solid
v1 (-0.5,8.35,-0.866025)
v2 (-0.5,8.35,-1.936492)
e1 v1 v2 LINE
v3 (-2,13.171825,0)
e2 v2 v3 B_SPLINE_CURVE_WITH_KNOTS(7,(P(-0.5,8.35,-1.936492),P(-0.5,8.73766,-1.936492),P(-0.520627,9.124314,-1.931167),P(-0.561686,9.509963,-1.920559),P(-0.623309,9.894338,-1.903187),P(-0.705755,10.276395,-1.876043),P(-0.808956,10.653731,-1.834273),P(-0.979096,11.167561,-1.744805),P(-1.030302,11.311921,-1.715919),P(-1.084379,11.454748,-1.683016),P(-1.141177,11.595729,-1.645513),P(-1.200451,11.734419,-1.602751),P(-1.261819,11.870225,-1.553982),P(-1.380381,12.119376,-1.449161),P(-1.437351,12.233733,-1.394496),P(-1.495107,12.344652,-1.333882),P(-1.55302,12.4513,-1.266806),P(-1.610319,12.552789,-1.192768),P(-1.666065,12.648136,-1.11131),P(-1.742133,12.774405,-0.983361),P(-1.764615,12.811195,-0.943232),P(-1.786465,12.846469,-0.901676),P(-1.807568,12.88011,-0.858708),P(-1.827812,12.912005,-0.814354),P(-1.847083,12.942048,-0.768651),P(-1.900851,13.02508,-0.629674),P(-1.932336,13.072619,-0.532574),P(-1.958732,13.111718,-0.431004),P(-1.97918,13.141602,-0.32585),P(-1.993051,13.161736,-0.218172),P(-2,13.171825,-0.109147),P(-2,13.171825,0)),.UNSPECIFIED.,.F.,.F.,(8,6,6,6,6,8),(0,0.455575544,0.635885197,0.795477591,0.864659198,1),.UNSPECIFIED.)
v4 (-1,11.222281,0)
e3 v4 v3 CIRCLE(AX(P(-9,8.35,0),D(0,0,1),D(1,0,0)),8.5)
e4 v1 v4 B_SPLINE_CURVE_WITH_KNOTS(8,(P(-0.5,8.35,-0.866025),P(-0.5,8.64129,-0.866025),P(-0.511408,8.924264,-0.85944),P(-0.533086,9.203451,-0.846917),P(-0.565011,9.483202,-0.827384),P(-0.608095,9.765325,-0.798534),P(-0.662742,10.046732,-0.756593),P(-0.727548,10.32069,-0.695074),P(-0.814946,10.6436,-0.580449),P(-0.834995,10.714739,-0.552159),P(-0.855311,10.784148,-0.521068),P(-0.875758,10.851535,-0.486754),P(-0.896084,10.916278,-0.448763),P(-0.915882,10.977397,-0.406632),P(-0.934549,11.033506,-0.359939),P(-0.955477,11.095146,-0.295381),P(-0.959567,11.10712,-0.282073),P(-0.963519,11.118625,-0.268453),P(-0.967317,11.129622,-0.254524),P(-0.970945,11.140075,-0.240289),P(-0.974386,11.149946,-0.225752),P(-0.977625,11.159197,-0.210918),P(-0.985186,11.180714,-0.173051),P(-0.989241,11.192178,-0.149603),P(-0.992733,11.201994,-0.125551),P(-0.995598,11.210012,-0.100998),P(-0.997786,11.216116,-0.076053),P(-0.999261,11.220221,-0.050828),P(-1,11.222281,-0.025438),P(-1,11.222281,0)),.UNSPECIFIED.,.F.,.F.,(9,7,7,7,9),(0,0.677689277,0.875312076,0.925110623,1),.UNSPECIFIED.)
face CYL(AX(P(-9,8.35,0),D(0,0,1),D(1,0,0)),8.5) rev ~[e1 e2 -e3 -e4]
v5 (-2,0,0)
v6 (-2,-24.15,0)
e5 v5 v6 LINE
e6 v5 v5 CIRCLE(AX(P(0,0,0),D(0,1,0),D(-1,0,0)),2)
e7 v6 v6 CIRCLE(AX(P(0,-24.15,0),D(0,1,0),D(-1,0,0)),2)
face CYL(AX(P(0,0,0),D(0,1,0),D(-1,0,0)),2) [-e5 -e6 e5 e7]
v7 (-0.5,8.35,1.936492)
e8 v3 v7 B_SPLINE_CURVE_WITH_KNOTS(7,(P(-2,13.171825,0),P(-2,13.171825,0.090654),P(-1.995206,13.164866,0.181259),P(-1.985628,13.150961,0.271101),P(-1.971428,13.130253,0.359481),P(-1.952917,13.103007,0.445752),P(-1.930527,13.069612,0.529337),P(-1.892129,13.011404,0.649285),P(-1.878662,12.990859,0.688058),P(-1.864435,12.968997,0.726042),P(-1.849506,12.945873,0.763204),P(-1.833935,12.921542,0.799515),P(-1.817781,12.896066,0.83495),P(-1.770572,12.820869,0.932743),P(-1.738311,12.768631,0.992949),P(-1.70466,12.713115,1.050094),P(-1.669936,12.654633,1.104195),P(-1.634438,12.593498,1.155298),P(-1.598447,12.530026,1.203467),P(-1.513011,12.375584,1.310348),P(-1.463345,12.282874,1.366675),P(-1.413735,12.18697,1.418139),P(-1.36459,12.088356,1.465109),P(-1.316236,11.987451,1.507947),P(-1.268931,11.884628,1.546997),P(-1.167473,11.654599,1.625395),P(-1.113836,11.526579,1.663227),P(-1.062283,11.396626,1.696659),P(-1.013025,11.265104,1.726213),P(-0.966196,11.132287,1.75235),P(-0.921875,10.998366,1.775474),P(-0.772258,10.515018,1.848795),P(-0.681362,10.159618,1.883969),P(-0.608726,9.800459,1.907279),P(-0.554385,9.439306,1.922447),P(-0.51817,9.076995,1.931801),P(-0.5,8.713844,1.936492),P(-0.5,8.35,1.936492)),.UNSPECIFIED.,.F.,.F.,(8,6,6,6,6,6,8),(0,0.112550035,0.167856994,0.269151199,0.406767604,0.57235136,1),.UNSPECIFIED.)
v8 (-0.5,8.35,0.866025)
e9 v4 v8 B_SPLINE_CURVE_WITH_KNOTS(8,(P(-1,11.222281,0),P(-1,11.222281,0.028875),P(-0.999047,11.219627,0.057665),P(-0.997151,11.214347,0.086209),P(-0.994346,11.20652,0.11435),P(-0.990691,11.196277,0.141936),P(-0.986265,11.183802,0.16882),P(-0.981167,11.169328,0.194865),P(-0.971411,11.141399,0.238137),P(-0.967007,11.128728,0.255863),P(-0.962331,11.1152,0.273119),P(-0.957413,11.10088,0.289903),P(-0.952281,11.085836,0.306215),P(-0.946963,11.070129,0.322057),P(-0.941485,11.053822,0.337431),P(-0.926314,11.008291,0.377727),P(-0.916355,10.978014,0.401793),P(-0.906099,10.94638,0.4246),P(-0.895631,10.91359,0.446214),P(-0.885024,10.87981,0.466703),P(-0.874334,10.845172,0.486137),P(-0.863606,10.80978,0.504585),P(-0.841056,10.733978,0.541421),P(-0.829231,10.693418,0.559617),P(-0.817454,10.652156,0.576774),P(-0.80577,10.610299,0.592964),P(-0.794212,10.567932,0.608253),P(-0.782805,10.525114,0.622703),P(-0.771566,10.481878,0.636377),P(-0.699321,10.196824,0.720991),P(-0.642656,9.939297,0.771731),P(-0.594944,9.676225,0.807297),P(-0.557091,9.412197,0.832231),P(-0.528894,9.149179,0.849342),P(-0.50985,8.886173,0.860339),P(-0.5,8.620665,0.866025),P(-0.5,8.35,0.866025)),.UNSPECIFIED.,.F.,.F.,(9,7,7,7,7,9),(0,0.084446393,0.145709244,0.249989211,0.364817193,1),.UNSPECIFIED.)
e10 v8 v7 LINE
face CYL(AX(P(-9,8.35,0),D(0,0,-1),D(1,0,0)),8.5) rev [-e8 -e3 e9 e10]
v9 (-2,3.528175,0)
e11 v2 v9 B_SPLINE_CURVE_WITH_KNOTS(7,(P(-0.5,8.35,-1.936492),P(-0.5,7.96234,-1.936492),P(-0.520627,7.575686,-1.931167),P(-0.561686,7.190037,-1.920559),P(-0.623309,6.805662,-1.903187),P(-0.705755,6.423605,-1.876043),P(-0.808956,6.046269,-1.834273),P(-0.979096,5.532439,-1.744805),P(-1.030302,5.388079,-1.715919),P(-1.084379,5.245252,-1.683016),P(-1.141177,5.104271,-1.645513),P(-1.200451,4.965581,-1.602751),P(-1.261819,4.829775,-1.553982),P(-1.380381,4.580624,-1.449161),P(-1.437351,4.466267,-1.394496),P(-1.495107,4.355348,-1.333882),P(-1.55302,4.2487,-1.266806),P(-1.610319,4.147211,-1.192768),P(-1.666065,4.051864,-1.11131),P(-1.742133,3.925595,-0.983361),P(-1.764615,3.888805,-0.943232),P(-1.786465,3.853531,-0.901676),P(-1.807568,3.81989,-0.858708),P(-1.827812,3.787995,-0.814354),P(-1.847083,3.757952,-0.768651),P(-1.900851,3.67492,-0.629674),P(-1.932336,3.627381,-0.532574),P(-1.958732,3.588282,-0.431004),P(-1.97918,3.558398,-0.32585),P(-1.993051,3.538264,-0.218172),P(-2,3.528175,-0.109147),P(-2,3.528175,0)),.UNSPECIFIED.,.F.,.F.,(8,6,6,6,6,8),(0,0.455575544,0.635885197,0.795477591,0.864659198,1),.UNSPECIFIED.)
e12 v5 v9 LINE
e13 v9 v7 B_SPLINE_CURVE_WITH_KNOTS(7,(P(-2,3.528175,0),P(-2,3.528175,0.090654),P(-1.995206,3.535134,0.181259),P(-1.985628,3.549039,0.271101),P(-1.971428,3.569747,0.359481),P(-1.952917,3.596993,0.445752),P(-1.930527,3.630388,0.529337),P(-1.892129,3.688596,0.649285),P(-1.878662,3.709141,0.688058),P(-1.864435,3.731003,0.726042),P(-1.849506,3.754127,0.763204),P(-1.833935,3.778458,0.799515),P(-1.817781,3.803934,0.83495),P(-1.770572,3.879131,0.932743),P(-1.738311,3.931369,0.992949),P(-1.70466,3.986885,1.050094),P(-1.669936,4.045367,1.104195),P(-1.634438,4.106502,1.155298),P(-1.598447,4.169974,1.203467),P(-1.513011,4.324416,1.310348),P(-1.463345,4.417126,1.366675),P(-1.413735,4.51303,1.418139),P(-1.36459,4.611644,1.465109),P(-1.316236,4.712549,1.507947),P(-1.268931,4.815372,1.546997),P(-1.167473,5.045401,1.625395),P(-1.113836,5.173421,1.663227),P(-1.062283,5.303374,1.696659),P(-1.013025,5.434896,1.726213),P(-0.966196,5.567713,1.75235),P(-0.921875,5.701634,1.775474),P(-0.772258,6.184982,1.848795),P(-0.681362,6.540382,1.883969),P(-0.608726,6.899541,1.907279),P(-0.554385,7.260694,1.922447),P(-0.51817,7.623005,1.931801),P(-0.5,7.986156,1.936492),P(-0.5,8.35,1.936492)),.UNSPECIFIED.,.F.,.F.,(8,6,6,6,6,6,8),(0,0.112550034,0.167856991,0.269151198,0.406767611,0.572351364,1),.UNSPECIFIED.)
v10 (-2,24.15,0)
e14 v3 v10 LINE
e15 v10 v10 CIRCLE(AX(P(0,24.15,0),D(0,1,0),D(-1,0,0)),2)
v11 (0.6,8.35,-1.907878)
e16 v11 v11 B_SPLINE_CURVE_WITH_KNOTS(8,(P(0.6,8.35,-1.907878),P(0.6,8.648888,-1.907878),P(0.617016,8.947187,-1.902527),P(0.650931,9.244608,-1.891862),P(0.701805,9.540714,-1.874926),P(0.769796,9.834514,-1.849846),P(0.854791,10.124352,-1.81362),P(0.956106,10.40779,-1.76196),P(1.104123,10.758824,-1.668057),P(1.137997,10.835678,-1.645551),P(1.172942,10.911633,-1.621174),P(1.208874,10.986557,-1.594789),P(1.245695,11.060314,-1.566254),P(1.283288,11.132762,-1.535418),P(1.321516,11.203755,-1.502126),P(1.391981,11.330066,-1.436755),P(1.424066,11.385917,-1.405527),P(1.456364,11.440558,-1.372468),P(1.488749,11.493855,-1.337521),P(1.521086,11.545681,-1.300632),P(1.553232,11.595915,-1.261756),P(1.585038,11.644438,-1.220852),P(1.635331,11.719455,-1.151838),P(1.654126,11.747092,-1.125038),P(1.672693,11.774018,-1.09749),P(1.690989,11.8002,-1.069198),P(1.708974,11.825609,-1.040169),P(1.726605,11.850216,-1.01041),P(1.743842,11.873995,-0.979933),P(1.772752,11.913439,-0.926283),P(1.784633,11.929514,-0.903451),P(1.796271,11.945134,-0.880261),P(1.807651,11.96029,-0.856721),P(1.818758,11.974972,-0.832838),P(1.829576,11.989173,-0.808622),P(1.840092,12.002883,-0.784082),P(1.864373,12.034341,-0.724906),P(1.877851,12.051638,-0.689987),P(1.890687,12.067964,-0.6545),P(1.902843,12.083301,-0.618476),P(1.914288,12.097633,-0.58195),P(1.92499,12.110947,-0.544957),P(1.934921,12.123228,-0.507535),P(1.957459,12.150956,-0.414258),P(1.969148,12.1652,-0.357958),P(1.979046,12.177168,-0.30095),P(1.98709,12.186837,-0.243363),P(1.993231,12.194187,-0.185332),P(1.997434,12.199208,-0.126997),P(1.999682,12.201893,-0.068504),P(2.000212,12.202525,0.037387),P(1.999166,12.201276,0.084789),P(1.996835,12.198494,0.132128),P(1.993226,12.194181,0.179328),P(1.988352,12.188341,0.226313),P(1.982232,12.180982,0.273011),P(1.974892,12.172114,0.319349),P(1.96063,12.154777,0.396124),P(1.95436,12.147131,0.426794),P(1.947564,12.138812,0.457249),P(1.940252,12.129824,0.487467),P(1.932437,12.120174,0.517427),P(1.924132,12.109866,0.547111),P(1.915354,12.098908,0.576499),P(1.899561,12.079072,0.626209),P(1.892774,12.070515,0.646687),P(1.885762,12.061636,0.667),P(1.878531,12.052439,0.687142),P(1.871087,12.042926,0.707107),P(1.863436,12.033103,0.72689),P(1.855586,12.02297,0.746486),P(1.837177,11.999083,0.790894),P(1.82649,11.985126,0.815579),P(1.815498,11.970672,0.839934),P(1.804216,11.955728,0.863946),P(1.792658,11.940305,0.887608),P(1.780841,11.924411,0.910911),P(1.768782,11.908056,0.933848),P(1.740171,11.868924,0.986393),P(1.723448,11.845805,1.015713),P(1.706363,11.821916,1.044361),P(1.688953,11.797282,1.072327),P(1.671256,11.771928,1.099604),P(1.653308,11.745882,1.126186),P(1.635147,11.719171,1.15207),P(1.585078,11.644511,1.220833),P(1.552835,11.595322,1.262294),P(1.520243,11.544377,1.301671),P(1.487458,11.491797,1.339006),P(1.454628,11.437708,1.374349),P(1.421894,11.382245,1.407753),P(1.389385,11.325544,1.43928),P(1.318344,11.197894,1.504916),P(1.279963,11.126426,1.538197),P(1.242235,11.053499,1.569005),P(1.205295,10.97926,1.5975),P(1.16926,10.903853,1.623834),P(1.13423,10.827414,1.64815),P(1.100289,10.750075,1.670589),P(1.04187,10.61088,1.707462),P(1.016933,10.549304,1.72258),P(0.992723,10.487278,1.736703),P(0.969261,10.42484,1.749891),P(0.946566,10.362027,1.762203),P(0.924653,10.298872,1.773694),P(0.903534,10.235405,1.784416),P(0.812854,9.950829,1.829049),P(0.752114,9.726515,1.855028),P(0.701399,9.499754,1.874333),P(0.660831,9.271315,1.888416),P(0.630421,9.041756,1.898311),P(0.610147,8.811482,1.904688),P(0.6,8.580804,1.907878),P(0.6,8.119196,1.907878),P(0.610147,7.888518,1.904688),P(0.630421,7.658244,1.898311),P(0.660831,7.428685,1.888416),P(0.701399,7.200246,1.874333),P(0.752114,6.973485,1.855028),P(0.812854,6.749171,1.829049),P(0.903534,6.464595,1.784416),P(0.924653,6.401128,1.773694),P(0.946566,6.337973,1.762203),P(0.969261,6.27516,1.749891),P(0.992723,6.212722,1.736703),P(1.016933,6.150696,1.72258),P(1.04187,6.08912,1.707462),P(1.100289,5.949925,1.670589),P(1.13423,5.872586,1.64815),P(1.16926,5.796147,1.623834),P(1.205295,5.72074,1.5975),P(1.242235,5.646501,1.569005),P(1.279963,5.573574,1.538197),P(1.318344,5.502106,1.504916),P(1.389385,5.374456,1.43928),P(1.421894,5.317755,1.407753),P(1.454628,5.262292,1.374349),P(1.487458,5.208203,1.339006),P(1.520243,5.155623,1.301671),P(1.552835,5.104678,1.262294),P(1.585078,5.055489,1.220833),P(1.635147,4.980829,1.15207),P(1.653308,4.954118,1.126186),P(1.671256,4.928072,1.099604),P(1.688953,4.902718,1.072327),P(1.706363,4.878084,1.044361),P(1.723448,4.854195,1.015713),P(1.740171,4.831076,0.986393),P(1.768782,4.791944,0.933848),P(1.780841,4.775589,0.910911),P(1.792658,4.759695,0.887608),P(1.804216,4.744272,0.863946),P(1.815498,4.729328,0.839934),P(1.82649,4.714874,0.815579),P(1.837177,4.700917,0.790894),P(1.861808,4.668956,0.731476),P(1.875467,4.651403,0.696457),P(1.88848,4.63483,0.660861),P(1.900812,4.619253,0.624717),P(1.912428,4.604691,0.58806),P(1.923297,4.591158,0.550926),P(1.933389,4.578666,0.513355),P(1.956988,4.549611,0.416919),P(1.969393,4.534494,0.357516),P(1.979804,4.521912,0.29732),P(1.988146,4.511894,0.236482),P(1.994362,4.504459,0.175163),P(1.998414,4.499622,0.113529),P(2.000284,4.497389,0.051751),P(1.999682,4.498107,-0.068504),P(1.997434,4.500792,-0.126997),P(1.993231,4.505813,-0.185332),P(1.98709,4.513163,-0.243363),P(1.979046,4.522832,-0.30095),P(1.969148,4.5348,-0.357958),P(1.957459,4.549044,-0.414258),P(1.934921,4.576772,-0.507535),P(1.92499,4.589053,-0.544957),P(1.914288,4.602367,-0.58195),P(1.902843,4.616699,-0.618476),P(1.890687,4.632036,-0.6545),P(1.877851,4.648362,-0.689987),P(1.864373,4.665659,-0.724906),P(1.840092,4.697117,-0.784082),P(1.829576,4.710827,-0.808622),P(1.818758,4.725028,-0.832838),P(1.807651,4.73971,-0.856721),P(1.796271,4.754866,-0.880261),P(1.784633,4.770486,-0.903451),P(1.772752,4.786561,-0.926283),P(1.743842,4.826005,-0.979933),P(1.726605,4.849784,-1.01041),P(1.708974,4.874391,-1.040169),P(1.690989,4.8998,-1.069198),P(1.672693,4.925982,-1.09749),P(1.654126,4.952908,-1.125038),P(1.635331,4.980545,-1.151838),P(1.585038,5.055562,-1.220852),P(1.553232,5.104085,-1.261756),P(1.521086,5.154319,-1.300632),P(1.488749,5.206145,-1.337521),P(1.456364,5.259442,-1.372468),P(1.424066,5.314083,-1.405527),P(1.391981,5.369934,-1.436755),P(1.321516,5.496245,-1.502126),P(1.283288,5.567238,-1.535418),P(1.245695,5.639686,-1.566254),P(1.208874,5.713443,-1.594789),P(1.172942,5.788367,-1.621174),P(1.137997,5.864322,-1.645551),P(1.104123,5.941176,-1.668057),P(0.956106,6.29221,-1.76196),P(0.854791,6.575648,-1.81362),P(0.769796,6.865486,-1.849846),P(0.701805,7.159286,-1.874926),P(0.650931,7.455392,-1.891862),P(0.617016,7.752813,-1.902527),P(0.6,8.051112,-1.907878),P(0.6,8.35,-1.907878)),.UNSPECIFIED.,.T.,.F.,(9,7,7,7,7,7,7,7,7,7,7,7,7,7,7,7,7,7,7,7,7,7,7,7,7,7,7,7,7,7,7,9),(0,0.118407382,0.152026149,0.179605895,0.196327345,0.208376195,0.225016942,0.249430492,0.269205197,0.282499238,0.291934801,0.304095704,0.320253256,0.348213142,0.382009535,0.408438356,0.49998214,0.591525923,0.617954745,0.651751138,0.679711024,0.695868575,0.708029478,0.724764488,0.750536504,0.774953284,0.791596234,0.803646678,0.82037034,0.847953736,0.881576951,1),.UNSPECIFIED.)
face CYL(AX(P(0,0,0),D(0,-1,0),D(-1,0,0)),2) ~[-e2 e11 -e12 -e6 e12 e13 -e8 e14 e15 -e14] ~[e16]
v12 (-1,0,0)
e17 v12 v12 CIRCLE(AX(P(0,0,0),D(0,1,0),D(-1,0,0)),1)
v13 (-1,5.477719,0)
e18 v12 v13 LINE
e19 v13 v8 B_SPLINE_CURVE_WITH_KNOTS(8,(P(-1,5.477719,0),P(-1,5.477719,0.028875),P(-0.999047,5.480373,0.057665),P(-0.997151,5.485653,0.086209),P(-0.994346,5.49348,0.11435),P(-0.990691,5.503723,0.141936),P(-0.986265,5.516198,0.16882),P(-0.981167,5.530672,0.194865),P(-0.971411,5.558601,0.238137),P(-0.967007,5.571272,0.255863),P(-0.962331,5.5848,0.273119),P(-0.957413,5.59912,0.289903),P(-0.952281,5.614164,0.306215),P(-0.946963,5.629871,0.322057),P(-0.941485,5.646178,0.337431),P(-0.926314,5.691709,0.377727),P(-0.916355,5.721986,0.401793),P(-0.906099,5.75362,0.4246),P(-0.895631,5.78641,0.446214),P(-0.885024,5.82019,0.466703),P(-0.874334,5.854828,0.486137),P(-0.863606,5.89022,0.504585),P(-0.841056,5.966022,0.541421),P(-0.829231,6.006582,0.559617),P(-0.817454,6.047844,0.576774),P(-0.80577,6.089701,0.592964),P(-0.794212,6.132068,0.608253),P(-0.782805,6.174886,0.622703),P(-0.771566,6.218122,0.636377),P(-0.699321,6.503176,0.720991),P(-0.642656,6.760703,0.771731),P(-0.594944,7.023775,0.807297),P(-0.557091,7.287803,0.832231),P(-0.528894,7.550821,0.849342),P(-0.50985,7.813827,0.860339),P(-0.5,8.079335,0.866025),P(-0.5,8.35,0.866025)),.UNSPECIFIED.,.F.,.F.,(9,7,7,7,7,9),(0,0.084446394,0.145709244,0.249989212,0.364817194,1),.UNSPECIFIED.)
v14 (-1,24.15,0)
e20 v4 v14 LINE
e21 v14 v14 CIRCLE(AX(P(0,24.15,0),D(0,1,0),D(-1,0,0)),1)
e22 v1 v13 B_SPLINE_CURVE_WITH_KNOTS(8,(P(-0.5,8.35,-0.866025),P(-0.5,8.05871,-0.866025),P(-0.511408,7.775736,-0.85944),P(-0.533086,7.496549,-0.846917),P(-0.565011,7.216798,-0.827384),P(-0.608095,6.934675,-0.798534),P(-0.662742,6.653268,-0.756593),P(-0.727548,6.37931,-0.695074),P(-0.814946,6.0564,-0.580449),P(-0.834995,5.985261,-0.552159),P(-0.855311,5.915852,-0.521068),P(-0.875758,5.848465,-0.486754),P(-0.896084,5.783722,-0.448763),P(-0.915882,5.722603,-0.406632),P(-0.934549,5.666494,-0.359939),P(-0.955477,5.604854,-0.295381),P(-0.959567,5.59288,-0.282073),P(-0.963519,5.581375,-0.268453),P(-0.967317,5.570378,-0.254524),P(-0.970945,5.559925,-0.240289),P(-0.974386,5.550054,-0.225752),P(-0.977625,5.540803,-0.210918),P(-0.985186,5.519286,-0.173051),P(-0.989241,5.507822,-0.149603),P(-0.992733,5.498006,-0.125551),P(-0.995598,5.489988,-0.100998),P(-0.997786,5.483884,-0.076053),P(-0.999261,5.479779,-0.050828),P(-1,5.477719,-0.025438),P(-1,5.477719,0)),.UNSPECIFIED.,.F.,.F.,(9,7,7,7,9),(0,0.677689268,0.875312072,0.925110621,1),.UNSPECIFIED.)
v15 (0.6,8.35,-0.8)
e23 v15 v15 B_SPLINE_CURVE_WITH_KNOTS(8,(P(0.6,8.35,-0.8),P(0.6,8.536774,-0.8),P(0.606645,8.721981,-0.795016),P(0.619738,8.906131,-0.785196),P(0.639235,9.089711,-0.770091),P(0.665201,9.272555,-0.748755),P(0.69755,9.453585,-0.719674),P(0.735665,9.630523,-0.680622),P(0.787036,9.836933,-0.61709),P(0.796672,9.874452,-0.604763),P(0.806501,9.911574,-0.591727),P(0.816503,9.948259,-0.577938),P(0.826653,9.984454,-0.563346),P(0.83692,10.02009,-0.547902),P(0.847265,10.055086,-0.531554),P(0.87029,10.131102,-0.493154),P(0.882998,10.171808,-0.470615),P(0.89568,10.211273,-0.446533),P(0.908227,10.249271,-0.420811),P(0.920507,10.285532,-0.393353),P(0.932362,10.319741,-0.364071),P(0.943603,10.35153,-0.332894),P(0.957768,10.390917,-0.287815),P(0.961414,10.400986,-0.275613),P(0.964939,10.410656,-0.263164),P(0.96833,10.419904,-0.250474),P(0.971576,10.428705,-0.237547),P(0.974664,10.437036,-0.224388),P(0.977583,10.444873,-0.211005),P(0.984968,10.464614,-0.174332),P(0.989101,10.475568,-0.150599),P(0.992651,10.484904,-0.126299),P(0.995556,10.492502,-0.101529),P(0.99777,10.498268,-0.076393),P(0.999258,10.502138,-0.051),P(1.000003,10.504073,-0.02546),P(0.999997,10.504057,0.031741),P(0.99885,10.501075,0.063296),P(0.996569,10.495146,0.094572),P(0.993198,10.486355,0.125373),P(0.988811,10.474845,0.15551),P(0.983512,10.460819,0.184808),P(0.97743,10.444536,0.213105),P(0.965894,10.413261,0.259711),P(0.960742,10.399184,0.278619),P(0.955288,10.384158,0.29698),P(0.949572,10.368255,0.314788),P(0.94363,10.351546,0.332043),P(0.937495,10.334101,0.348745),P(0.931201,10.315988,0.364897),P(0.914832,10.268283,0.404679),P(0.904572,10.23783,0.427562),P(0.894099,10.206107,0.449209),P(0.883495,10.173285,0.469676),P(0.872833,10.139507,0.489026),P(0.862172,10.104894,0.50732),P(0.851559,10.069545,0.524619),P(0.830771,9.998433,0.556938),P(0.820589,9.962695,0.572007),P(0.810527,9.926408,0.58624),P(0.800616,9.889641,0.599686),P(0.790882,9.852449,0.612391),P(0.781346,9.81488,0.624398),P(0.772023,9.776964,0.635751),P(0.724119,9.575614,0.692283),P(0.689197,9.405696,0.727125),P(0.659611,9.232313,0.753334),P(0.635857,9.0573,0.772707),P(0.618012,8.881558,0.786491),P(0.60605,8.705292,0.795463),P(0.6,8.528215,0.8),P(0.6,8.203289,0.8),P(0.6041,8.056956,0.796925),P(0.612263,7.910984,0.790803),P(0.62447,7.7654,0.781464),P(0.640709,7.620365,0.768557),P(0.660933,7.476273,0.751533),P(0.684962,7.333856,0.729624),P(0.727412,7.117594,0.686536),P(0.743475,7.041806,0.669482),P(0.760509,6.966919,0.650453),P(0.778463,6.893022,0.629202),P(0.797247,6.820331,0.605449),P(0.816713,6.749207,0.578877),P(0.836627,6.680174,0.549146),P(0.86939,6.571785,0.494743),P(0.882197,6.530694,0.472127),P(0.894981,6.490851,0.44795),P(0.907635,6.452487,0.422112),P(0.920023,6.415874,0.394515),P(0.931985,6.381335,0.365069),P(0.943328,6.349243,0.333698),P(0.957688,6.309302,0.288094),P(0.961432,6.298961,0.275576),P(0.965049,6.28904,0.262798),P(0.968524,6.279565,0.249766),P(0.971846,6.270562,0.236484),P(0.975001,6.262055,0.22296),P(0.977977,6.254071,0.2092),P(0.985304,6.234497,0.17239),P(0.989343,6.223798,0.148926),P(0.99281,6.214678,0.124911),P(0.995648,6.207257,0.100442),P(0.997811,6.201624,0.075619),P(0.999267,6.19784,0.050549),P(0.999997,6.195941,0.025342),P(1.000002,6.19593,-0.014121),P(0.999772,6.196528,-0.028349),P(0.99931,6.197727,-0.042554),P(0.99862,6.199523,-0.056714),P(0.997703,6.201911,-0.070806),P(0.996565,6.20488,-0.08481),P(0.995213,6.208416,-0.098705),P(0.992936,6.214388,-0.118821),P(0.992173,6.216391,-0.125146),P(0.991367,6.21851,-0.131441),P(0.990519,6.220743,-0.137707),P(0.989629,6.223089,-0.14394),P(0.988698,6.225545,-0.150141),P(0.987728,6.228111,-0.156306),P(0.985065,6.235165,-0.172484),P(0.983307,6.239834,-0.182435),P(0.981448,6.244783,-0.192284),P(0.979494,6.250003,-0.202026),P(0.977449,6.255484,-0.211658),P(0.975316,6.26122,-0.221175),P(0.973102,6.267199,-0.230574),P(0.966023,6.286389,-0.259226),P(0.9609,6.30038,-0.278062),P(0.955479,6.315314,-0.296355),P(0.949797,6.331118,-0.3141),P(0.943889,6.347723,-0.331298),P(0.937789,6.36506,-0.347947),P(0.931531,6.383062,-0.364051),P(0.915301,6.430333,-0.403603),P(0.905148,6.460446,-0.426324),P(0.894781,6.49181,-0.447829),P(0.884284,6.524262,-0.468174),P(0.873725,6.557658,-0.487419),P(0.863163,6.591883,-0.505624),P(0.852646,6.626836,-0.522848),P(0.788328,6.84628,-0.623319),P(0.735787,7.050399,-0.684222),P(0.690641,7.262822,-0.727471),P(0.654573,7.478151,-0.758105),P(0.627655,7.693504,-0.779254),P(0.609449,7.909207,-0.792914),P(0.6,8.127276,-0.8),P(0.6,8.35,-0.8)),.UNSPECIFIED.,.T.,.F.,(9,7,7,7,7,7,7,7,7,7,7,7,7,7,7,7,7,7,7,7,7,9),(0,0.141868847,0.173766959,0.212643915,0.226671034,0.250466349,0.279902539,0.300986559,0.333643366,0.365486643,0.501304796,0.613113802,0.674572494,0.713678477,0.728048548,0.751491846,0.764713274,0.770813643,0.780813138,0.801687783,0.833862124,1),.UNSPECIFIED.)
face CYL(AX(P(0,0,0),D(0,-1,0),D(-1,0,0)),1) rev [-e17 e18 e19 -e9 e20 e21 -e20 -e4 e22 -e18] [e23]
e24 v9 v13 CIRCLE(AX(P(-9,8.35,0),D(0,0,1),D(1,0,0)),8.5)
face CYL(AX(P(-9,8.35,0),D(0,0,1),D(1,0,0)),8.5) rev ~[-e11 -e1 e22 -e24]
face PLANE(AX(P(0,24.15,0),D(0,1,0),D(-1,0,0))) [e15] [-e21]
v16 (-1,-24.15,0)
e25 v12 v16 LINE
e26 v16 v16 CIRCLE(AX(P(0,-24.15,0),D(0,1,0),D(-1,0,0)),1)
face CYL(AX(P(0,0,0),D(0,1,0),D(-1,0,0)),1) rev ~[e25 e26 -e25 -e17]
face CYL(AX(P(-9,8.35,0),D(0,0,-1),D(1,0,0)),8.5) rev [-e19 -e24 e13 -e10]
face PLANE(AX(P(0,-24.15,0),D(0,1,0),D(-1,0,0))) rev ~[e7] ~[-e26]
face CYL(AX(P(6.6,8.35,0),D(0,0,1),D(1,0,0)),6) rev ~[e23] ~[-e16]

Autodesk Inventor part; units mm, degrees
ref_plane "YZ Plane" through (0, 0, 0) normal (1, 0, 0) x (0, 1, 0)
ref_plane "XZ Plane" through (0, 0, 0) normal (0, 1, 0) x (-1, 0, 0)
ref_plane "XY Plane" through (0, 0, 0) normal (0, 0, 1) x (1, 0, 0)
sketch "Sketch1" plane through (0, 0, 0) normal (0, 1, 0) x (-1, 0, 0)
  circle A0 centre (0, 0) radius 2
  circle A1 centre (0, 0) radius 1
  dimension "d0" = 4
  dimension "d3" = 1
extrude "Extrusion1" add sketch "Sketch1" along normal mid plane 48.3
sketch "Sketch2" plane through (0, 0, 0) normal (0, 0, 1) x (1, 0, 0)
  circle A0 centre (6.1, 8.35) radius 5.5 construction
  line L0 (2, 24.15) -> (-2, 24.15) projected
  circle A1 centre (-9, 8.35) radius 8.5
  line L1 (-0.875, -5) -> (0.875, -5)
  line L2 (0.875, -5) -> (0.875, 5)
  line L3 (0.875, 5) -> (-0.875, 5)
  line L4 (-0.875, 5) -> (-0.875, -5)
  line L5 (-0.875, -5) -> (0.875, 5)
  line L6 (0.875, -5) -> (-0.875, 5)
  circle A2 centre (6.6, 8.35) radius 6
  line L7 (1, 24.15) -> (1, -24.15) projected
  line L8 (-2, -24.15) -> (2, -24.15) projected
  point P0 (0, 0)
  point P1 (0.875, 4.8043)
  point P2 (0.875, 4.7957)
  dimension "d6" = 11
  dimension "d8" = 17
  dimension "d12" = 1.75
  dimension "d13" = 10
  dimension "d18" = 12
  dimension "d20" = 1.5
  dimension "d21" = 1.1
  dimension "d25" = 9
  dimension "d26" = 15.8
extrude "Extrusion2" cut sketch "Sketch2" along normal mid plane 10 contours A1 | A2 L7 | L7 A2
properties part number "Fillament Guide" material "Polypropylene"
